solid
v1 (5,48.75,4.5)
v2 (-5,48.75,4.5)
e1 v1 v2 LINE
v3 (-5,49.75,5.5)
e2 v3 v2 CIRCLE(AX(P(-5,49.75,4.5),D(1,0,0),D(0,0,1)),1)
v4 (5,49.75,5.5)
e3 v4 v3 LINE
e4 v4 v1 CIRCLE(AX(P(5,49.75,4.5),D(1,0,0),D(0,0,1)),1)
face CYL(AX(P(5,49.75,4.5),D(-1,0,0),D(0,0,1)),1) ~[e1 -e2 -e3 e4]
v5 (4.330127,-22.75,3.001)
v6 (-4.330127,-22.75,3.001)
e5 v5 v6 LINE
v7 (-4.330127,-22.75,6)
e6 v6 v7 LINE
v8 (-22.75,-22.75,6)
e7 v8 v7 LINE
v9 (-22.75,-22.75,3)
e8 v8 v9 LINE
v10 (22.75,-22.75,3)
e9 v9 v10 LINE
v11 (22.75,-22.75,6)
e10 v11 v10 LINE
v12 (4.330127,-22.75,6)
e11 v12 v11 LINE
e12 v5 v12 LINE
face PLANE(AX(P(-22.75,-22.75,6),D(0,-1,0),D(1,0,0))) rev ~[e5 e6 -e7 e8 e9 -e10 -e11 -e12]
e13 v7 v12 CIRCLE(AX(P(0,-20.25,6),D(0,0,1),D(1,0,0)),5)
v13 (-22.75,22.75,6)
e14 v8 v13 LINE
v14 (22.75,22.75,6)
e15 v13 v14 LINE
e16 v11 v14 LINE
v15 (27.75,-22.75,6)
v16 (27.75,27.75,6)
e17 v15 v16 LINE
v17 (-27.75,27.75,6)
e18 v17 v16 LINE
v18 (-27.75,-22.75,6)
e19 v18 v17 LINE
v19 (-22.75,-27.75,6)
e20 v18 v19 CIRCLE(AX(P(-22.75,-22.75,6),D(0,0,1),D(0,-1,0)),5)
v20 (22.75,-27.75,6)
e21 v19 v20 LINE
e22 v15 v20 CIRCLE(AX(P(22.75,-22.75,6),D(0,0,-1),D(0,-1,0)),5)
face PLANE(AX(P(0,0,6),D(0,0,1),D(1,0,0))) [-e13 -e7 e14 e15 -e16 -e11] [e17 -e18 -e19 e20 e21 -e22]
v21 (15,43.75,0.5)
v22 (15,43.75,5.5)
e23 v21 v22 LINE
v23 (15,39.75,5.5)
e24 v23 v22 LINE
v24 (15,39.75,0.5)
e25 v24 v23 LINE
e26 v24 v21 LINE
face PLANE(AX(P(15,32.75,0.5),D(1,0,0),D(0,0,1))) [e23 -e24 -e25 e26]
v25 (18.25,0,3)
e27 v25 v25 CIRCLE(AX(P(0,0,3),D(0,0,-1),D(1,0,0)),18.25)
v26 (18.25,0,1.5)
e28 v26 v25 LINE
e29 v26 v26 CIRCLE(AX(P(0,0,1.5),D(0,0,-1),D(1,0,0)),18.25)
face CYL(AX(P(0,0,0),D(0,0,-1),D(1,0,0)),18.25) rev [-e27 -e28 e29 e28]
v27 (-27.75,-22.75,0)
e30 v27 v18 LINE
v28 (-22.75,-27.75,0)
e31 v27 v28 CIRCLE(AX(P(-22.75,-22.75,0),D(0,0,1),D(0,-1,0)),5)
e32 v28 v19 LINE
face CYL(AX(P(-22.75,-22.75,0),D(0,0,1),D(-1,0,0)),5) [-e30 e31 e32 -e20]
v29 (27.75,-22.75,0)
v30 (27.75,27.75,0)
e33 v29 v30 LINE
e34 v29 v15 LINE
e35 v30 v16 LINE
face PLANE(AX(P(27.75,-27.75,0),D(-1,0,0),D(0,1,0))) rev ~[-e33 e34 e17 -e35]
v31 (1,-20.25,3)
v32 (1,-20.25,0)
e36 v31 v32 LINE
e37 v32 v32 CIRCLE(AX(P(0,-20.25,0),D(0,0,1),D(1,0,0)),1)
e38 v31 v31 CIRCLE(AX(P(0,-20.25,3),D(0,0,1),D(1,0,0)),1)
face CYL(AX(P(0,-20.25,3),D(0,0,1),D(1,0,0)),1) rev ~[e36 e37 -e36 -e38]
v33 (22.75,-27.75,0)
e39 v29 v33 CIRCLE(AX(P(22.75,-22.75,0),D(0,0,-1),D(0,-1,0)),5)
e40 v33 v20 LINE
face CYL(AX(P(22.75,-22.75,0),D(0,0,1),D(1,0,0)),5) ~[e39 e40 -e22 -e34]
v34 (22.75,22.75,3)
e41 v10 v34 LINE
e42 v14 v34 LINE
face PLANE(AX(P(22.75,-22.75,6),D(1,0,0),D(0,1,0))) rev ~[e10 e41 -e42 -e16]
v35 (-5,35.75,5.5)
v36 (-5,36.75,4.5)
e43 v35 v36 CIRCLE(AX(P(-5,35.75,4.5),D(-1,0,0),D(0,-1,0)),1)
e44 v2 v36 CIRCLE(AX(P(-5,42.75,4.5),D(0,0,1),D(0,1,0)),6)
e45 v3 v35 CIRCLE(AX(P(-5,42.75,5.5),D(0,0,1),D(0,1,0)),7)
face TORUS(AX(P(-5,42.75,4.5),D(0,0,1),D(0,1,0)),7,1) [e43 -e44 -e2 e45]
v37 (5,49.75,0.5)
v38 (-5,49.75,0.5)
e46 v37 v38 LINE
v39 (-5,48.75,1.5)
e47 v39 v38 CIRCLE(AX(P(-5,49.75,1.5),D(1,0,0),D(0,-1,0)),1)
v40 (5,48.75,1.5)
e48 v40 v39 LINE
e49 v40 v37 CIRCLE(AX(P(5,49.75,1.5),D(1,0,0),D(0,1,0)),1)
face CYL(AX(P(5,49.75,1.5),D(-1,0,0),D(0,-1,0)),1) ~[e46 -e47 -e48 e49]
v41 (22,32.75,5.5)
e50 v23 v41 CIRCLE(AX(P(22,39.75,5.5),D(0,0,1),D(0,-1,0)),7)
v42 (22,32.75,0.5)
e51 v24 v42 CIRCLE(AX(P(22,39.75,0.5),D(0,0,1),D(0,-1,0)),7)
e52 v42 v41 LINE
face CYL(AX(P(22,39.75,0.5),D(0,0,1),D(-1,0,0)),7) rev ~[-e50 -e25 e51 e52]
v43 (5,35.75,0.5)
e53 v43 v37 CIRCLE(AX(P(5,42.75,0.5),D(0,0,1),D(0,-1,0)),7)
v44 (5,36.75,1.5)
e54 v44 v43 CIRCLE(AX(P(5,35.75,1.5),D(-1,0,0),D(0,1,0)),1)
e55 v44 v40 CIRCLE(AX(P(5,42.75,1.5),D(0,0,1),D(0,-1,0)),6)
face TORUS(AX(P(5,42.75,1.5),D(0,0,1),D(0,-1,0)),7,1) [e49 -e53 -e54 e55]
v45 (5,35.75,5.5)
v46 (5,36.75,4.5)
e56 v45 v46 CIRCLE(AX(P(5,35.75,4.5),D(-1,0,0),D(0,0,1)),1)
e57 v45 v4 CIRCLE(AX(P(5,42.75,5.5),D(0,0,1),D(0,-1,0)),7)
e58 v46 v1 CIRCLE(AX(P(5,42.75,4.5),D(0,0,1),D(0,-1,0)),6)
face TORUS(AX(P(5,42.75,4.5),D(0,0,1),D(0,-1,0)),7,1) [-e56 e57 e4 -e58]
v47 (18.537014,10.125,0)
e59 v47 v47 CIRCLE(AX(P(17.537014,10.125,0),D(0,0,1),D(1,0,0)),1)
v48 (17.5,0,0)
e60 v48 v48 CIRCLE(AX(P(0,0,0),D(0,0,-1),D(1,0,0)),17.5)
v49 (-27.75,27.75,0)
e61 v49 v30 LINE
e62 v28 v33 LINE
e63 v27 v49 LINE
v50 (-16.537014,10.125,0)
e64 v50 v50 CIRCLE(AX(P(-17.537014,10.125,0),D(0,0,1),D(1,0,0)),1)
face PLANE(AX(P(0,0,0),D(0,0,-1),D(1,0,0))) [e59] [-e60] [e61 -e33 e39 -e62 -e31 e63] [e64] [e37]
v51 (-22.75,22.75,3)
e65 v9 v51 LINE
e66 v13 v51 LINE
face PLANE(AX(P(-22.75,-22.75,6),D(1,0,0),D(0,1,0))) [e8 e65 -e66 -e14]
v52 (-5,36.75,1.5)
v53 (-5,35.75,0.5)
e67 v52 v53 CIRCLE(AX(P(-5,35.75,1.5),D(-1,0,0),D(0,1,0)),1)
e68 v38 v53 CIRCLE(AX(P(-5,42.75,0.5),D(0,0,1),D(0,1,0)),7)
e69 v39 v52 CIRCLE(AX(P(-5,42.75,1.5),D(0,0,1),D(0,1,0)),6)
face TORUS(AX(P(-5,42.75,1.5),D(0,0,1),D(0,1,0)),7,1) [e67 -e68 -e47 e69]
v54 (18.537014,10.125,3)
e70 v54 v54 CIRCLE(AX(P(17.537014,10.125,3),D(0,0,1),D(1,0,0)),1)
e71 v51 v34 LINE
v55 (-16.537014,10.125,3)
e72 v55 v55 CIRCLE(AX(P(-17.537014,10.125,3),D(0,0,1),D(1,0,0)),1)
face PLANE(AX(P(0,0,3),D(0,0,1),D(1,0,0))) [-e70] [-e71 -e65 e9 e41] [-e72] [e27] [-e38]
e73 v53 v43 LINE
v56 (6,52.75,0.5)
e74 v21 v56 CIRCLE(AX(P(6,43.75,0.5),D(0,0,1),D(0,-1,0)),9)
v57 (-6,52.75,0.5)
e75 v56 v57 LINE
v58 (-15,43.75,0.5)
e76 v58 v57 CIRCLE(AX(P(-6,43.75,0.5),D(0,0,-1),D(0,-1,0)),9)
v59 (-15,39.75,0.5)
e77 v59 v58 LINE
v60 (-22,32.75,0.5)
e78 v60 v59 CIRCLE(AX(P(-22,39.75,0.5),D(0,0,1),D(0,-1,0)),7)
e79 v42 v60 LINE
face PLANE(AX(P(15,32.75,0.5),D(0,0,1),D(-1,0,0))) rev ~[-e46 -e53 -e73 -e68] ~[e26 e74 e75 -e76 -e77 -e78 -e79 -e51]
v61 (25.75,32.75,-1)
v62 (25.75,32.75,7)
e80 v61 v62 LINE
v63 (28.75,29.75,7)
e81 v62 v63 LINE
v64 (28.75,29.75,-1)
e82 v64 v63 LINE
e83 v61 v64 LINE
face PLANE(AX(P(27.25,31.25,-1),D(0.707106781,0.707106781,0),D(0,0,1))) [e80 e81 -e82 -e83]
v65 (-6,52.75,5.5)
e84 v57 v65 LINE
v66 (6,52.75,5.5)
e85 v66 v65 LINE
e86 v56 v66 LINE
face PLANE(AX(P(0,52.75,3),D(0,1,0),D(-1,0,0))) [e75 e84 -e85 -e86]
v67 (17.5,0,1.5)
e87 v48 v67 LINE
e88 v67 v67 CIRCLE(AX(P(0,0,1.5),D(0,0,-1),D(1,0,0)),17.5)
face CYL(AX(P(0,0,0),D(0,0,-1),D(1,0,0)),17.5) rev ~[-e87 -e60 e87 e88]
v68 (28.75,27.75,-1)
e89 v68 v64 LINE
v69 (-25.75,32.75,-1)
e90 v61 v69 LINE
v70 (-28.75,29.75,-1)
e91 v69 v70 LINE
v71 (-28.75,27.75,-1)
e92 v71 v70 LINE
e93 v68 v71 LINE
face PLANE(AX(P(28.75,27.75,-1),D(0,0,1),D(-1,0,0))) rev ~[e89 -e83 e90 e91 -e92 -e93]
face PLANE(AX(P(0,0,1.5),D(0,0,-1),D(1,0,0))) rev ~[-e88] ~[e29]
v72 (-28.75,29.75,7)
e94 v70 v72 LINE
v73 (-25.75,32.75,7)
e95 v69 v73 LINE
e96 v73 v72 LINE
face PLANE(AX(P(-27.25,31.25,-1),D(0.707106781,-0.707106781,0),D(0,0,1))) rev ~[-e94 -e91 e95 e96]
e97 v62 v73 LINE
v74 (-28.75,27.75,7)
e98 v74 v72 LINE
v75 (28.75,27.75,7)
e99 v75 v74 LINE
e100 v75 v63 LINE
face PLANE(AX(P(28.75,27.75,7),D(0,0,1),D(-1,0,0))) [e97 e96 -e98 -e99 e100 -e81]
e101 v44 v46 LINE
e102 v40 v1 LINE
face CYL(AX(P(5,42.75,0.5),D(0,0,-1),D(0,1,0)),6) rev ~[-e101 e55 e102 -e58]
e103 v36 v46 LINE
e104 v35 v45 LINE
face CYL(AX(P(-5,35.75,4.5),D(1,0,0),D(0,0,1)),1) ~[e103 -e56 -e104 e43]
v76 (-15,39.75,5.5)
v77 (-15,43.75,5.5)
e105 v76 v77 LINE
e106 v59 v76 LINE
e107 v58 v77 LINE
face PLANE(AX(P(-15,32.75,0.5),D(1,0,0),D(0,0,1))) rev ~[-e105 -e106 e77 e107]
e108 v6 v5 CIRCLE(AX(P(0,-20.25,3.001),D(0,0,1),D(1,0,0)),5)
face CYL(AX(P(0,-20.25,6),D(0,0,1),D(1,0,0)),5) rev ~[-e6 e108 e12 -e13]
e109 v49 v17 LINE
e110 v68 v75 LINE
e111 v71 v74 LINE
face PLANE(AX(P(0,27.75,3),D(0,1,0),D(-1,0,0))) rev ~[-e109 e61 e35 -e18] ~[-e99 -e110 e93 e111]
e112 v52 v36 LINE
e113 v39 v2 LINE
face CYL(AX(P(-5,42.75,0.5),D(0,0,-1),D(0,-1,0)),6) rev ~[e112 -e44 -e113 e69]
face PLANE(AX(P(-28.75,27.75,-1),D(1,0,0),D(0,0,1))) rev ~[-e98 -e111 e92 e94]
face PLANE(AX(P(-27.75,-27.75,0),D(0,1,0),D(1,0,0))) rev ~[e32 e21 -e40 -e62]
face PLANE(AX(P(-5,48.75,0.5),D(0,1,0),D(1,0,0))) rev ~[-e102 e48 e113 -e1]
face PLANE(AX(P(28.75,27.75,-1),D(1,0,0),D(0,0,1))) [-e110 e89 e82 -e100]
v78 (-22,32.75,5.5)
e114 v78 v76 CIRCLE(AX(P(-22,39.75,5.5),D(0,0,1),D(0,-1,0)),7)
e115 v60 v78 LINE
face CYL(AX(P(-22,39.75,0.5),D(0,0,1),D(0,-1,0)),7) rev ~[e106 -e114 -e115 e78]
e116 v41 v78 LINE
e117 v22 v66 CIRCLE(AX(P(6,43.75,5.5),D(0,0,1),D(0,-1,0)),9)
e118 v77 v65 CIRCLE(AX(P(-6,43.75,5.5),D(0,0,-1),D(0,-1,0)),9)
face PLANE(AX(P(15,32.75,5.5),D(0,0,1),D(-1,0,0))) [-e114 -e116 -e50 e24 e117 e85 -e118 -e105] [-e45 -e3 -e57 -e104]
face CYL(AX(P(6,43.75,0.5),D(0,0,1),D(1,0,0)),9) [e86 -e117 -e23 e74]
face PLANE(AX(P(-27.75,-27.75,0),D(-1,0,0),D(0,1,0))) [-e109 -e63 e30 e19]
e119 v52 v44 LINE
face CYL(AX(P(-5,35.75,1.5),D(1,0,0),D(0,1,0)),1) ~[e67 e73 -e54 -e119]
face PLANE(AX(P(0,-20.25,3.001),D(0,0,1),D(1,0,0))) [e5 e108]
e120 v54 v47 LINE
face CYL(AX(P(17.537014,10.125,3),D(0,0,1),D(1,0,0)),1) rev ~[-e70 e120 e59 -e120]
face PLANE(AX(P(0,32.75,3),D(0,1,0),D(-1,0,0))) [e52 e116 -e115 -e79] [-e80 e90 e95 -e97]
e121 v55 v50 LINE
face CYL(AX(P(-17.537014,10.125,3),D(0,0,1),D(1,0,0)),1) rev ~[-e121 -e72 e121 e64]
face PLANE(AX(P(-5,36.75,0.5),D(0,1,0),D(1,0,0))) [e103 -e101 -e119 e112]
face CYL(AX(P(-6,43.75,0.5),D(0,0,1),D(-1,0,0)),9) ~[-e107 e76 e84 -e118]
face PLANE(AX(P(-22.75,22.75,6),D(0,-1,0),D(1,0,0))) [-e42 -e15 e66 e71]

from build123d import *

# Parameters (mm, degrees)
SKETCH_W        = 55.5
SKETCH_H        = 55.5
SKETCH_R        = 18.25
PAD_DEPTH       = 6
SKETCH001_W     = 57.5
SKETCH001_H     = 8
PAD001_DEPTH    = 5
SKETCH002_W     = 30
SKETCH002_H     = 5
PAD002_DEPTH    = 20
FILLET_R        = 5
POCKET_DEPTH    = 6
FILLET001_R     = 9
FILLET002_R     = 7
CHAMFER_SIZE    = 3
SKETCH004_R     = 18.25
SKETCH004_R_2   = 17.5
PAD003_DEPTH    = 1.5
SKETCH005_W     = 45.5
SKETCH005_H     = 45.5
POCKET001_DEPTH = 3
SKETCH006_R     = 1
POCKET002_DEPTH = 6
FILLET003_R     = 1
FILLET004_R     = 1
SKETCH007_R     = 5
POCKET003_DEPTH = 2.999


with BuildPart() as part:
    # Sketch → Pad (new body)
    with BuildSketch(Plane.XY):
        Rectangle(SKETCH_W, SKETCH_H)
        Circle(SKETCH_R, mode=Mode.SUBTRACT)
    extrude(amount=PAD_DEPTH)

    # Sketch001 → Pad001 (new body)
    with BuildSketch(Plane(origin=(0, 27.75, 0), x_dir=(-1, 0, 0), z_dir=(0, 1, 0))):
        with Locations((0, 3)):
            Rectangle(SKETCH001_W, SKETCH001_H)
    extrude(amount=PAD001_DEPTH)

    # Sketch002 → Pad002 (new body)
    with BuildSketch(Plane(origin=(0, 32.75, 0), x_dir=(-1, 0, 0), z_dir=(0, 1, 0))):
        with Locations((0, 3)):
            Rectangle(SKETCH002_W, SKETCH002_H)
    extrude(amount=PAD002_DEPTH)

    # Fillet
    fillet_edges = [part.edges().sort_by_distance(p)[0] for p in [
        (-27.75, -27.75, 3),
        (27.75, -27.75, 3),
    ]]
    fillet(fillet_edges, radius=FILLET_R)

    # Sketch003 → Pocket (cut)
    with BuildSketch(Plane(origin=(0, 0, 0.5), x_dir=(1, 0, 0), z_dir=(0, 0, -1))):
        with BuildLine():
            ThreePointArc((-5, -36.75), (-11, -42.75), (-5, -48.75))
            Line((-5, -48.75), (5, -48.75))
            ThreePointArc((5, -48.75), (11, -42.75), (5, -36.75))
            Line((-5, -36.75), (5, -36.75))
        make_face()
    extrude(amount=-POCKET_DEPTH, mode=Mode.SUBTRACT)

    # Fillet001
    fillet001_edges = [part.edges().sort_by_distance(p)[0] for p in [
        (15, 52.75, 3),
        (-15, 52.75, 3),
    ]]
    fillet(fillet001_edges, radius=FILLET001_R)

    # Fillet002
    fillet002_edges = [part.edges().sort_by_distance(p)[0] for p in [
        (15, 32.75, 3),
        (-15, 32.75, 3),
    ]]
    fillet(fillet002_edges, radius=FILLET002_R)

    # Chamfer
    chamfer_edges = [part.edges().sort_by_distance(p)[0] for p in [
        (-28.75, 32.75, 3),
        (28.75, 32.75, 3),
    ]]
    chamfer(chamfer_edges, length=CHAMFER_SIZE)

    # Sketch004 → Pad003 (new body)
    with BuildSketch(Plane(origin=(0, 0, 0), x_dir=(1, 0, 0), z_dir=(0, 0, -1))):
        Circle(SKETCH004_R)
        Circle(SKETCH004_R_2, mode=Mode.SUBTRACT)
    extrude(amount=-PAD003_DEPTH)

    # Sketch005 → Pocket001 (cut)
    with BuildSketch(Plane.XY.offset(6)):
        Rectangle(SKETCH005_W, SKETCH005_H)
    extrude(amount=-POCKET001_DEPTH, mode=Mode.SUBTRACT)

    # Sketch006 → Pocket002 (cut)
    with BuildSketch(Plane.XY.offset(3)):
        with Locations((-17.537014, 10.125)):
            Circle(SKETCH006_R)
        with Locations((17.537014, 10.125)):
            Circle(SKETCH006_R)
        with Locations((0, -20.25)):
            Circle(SKETCH006_R)
    extrude(amount=-POCKET002_DEPTH, mode=Mode.SUBTRACT)

    # Fillet003
    fillet003_edges = [part.edges().sort_by_distance(p)[0] for p in [
        (0, 48.75, 5.5),
    ]]
    fillet(fillet003_edges, radius=FILLET003_R)

    # Fillet004
    fillet004_edges = [part.edges().sort_by_distance(p)[0] for p in [
        (0, 36.75, 0.5),
    ]]
    fillet(fillet004_edges, radius=FILLET004_R)

    # Sketch007 → Pocket003 (cut)
    with BuildSketch(Plane.XY.offset(6)):
        with Locations((0, -20.25)):
            Circle(SKETCH007_R)
    extrude(amount=-POCKET003_DEPTH, mode=Mode.SUBTRACT)


solid = part.part
